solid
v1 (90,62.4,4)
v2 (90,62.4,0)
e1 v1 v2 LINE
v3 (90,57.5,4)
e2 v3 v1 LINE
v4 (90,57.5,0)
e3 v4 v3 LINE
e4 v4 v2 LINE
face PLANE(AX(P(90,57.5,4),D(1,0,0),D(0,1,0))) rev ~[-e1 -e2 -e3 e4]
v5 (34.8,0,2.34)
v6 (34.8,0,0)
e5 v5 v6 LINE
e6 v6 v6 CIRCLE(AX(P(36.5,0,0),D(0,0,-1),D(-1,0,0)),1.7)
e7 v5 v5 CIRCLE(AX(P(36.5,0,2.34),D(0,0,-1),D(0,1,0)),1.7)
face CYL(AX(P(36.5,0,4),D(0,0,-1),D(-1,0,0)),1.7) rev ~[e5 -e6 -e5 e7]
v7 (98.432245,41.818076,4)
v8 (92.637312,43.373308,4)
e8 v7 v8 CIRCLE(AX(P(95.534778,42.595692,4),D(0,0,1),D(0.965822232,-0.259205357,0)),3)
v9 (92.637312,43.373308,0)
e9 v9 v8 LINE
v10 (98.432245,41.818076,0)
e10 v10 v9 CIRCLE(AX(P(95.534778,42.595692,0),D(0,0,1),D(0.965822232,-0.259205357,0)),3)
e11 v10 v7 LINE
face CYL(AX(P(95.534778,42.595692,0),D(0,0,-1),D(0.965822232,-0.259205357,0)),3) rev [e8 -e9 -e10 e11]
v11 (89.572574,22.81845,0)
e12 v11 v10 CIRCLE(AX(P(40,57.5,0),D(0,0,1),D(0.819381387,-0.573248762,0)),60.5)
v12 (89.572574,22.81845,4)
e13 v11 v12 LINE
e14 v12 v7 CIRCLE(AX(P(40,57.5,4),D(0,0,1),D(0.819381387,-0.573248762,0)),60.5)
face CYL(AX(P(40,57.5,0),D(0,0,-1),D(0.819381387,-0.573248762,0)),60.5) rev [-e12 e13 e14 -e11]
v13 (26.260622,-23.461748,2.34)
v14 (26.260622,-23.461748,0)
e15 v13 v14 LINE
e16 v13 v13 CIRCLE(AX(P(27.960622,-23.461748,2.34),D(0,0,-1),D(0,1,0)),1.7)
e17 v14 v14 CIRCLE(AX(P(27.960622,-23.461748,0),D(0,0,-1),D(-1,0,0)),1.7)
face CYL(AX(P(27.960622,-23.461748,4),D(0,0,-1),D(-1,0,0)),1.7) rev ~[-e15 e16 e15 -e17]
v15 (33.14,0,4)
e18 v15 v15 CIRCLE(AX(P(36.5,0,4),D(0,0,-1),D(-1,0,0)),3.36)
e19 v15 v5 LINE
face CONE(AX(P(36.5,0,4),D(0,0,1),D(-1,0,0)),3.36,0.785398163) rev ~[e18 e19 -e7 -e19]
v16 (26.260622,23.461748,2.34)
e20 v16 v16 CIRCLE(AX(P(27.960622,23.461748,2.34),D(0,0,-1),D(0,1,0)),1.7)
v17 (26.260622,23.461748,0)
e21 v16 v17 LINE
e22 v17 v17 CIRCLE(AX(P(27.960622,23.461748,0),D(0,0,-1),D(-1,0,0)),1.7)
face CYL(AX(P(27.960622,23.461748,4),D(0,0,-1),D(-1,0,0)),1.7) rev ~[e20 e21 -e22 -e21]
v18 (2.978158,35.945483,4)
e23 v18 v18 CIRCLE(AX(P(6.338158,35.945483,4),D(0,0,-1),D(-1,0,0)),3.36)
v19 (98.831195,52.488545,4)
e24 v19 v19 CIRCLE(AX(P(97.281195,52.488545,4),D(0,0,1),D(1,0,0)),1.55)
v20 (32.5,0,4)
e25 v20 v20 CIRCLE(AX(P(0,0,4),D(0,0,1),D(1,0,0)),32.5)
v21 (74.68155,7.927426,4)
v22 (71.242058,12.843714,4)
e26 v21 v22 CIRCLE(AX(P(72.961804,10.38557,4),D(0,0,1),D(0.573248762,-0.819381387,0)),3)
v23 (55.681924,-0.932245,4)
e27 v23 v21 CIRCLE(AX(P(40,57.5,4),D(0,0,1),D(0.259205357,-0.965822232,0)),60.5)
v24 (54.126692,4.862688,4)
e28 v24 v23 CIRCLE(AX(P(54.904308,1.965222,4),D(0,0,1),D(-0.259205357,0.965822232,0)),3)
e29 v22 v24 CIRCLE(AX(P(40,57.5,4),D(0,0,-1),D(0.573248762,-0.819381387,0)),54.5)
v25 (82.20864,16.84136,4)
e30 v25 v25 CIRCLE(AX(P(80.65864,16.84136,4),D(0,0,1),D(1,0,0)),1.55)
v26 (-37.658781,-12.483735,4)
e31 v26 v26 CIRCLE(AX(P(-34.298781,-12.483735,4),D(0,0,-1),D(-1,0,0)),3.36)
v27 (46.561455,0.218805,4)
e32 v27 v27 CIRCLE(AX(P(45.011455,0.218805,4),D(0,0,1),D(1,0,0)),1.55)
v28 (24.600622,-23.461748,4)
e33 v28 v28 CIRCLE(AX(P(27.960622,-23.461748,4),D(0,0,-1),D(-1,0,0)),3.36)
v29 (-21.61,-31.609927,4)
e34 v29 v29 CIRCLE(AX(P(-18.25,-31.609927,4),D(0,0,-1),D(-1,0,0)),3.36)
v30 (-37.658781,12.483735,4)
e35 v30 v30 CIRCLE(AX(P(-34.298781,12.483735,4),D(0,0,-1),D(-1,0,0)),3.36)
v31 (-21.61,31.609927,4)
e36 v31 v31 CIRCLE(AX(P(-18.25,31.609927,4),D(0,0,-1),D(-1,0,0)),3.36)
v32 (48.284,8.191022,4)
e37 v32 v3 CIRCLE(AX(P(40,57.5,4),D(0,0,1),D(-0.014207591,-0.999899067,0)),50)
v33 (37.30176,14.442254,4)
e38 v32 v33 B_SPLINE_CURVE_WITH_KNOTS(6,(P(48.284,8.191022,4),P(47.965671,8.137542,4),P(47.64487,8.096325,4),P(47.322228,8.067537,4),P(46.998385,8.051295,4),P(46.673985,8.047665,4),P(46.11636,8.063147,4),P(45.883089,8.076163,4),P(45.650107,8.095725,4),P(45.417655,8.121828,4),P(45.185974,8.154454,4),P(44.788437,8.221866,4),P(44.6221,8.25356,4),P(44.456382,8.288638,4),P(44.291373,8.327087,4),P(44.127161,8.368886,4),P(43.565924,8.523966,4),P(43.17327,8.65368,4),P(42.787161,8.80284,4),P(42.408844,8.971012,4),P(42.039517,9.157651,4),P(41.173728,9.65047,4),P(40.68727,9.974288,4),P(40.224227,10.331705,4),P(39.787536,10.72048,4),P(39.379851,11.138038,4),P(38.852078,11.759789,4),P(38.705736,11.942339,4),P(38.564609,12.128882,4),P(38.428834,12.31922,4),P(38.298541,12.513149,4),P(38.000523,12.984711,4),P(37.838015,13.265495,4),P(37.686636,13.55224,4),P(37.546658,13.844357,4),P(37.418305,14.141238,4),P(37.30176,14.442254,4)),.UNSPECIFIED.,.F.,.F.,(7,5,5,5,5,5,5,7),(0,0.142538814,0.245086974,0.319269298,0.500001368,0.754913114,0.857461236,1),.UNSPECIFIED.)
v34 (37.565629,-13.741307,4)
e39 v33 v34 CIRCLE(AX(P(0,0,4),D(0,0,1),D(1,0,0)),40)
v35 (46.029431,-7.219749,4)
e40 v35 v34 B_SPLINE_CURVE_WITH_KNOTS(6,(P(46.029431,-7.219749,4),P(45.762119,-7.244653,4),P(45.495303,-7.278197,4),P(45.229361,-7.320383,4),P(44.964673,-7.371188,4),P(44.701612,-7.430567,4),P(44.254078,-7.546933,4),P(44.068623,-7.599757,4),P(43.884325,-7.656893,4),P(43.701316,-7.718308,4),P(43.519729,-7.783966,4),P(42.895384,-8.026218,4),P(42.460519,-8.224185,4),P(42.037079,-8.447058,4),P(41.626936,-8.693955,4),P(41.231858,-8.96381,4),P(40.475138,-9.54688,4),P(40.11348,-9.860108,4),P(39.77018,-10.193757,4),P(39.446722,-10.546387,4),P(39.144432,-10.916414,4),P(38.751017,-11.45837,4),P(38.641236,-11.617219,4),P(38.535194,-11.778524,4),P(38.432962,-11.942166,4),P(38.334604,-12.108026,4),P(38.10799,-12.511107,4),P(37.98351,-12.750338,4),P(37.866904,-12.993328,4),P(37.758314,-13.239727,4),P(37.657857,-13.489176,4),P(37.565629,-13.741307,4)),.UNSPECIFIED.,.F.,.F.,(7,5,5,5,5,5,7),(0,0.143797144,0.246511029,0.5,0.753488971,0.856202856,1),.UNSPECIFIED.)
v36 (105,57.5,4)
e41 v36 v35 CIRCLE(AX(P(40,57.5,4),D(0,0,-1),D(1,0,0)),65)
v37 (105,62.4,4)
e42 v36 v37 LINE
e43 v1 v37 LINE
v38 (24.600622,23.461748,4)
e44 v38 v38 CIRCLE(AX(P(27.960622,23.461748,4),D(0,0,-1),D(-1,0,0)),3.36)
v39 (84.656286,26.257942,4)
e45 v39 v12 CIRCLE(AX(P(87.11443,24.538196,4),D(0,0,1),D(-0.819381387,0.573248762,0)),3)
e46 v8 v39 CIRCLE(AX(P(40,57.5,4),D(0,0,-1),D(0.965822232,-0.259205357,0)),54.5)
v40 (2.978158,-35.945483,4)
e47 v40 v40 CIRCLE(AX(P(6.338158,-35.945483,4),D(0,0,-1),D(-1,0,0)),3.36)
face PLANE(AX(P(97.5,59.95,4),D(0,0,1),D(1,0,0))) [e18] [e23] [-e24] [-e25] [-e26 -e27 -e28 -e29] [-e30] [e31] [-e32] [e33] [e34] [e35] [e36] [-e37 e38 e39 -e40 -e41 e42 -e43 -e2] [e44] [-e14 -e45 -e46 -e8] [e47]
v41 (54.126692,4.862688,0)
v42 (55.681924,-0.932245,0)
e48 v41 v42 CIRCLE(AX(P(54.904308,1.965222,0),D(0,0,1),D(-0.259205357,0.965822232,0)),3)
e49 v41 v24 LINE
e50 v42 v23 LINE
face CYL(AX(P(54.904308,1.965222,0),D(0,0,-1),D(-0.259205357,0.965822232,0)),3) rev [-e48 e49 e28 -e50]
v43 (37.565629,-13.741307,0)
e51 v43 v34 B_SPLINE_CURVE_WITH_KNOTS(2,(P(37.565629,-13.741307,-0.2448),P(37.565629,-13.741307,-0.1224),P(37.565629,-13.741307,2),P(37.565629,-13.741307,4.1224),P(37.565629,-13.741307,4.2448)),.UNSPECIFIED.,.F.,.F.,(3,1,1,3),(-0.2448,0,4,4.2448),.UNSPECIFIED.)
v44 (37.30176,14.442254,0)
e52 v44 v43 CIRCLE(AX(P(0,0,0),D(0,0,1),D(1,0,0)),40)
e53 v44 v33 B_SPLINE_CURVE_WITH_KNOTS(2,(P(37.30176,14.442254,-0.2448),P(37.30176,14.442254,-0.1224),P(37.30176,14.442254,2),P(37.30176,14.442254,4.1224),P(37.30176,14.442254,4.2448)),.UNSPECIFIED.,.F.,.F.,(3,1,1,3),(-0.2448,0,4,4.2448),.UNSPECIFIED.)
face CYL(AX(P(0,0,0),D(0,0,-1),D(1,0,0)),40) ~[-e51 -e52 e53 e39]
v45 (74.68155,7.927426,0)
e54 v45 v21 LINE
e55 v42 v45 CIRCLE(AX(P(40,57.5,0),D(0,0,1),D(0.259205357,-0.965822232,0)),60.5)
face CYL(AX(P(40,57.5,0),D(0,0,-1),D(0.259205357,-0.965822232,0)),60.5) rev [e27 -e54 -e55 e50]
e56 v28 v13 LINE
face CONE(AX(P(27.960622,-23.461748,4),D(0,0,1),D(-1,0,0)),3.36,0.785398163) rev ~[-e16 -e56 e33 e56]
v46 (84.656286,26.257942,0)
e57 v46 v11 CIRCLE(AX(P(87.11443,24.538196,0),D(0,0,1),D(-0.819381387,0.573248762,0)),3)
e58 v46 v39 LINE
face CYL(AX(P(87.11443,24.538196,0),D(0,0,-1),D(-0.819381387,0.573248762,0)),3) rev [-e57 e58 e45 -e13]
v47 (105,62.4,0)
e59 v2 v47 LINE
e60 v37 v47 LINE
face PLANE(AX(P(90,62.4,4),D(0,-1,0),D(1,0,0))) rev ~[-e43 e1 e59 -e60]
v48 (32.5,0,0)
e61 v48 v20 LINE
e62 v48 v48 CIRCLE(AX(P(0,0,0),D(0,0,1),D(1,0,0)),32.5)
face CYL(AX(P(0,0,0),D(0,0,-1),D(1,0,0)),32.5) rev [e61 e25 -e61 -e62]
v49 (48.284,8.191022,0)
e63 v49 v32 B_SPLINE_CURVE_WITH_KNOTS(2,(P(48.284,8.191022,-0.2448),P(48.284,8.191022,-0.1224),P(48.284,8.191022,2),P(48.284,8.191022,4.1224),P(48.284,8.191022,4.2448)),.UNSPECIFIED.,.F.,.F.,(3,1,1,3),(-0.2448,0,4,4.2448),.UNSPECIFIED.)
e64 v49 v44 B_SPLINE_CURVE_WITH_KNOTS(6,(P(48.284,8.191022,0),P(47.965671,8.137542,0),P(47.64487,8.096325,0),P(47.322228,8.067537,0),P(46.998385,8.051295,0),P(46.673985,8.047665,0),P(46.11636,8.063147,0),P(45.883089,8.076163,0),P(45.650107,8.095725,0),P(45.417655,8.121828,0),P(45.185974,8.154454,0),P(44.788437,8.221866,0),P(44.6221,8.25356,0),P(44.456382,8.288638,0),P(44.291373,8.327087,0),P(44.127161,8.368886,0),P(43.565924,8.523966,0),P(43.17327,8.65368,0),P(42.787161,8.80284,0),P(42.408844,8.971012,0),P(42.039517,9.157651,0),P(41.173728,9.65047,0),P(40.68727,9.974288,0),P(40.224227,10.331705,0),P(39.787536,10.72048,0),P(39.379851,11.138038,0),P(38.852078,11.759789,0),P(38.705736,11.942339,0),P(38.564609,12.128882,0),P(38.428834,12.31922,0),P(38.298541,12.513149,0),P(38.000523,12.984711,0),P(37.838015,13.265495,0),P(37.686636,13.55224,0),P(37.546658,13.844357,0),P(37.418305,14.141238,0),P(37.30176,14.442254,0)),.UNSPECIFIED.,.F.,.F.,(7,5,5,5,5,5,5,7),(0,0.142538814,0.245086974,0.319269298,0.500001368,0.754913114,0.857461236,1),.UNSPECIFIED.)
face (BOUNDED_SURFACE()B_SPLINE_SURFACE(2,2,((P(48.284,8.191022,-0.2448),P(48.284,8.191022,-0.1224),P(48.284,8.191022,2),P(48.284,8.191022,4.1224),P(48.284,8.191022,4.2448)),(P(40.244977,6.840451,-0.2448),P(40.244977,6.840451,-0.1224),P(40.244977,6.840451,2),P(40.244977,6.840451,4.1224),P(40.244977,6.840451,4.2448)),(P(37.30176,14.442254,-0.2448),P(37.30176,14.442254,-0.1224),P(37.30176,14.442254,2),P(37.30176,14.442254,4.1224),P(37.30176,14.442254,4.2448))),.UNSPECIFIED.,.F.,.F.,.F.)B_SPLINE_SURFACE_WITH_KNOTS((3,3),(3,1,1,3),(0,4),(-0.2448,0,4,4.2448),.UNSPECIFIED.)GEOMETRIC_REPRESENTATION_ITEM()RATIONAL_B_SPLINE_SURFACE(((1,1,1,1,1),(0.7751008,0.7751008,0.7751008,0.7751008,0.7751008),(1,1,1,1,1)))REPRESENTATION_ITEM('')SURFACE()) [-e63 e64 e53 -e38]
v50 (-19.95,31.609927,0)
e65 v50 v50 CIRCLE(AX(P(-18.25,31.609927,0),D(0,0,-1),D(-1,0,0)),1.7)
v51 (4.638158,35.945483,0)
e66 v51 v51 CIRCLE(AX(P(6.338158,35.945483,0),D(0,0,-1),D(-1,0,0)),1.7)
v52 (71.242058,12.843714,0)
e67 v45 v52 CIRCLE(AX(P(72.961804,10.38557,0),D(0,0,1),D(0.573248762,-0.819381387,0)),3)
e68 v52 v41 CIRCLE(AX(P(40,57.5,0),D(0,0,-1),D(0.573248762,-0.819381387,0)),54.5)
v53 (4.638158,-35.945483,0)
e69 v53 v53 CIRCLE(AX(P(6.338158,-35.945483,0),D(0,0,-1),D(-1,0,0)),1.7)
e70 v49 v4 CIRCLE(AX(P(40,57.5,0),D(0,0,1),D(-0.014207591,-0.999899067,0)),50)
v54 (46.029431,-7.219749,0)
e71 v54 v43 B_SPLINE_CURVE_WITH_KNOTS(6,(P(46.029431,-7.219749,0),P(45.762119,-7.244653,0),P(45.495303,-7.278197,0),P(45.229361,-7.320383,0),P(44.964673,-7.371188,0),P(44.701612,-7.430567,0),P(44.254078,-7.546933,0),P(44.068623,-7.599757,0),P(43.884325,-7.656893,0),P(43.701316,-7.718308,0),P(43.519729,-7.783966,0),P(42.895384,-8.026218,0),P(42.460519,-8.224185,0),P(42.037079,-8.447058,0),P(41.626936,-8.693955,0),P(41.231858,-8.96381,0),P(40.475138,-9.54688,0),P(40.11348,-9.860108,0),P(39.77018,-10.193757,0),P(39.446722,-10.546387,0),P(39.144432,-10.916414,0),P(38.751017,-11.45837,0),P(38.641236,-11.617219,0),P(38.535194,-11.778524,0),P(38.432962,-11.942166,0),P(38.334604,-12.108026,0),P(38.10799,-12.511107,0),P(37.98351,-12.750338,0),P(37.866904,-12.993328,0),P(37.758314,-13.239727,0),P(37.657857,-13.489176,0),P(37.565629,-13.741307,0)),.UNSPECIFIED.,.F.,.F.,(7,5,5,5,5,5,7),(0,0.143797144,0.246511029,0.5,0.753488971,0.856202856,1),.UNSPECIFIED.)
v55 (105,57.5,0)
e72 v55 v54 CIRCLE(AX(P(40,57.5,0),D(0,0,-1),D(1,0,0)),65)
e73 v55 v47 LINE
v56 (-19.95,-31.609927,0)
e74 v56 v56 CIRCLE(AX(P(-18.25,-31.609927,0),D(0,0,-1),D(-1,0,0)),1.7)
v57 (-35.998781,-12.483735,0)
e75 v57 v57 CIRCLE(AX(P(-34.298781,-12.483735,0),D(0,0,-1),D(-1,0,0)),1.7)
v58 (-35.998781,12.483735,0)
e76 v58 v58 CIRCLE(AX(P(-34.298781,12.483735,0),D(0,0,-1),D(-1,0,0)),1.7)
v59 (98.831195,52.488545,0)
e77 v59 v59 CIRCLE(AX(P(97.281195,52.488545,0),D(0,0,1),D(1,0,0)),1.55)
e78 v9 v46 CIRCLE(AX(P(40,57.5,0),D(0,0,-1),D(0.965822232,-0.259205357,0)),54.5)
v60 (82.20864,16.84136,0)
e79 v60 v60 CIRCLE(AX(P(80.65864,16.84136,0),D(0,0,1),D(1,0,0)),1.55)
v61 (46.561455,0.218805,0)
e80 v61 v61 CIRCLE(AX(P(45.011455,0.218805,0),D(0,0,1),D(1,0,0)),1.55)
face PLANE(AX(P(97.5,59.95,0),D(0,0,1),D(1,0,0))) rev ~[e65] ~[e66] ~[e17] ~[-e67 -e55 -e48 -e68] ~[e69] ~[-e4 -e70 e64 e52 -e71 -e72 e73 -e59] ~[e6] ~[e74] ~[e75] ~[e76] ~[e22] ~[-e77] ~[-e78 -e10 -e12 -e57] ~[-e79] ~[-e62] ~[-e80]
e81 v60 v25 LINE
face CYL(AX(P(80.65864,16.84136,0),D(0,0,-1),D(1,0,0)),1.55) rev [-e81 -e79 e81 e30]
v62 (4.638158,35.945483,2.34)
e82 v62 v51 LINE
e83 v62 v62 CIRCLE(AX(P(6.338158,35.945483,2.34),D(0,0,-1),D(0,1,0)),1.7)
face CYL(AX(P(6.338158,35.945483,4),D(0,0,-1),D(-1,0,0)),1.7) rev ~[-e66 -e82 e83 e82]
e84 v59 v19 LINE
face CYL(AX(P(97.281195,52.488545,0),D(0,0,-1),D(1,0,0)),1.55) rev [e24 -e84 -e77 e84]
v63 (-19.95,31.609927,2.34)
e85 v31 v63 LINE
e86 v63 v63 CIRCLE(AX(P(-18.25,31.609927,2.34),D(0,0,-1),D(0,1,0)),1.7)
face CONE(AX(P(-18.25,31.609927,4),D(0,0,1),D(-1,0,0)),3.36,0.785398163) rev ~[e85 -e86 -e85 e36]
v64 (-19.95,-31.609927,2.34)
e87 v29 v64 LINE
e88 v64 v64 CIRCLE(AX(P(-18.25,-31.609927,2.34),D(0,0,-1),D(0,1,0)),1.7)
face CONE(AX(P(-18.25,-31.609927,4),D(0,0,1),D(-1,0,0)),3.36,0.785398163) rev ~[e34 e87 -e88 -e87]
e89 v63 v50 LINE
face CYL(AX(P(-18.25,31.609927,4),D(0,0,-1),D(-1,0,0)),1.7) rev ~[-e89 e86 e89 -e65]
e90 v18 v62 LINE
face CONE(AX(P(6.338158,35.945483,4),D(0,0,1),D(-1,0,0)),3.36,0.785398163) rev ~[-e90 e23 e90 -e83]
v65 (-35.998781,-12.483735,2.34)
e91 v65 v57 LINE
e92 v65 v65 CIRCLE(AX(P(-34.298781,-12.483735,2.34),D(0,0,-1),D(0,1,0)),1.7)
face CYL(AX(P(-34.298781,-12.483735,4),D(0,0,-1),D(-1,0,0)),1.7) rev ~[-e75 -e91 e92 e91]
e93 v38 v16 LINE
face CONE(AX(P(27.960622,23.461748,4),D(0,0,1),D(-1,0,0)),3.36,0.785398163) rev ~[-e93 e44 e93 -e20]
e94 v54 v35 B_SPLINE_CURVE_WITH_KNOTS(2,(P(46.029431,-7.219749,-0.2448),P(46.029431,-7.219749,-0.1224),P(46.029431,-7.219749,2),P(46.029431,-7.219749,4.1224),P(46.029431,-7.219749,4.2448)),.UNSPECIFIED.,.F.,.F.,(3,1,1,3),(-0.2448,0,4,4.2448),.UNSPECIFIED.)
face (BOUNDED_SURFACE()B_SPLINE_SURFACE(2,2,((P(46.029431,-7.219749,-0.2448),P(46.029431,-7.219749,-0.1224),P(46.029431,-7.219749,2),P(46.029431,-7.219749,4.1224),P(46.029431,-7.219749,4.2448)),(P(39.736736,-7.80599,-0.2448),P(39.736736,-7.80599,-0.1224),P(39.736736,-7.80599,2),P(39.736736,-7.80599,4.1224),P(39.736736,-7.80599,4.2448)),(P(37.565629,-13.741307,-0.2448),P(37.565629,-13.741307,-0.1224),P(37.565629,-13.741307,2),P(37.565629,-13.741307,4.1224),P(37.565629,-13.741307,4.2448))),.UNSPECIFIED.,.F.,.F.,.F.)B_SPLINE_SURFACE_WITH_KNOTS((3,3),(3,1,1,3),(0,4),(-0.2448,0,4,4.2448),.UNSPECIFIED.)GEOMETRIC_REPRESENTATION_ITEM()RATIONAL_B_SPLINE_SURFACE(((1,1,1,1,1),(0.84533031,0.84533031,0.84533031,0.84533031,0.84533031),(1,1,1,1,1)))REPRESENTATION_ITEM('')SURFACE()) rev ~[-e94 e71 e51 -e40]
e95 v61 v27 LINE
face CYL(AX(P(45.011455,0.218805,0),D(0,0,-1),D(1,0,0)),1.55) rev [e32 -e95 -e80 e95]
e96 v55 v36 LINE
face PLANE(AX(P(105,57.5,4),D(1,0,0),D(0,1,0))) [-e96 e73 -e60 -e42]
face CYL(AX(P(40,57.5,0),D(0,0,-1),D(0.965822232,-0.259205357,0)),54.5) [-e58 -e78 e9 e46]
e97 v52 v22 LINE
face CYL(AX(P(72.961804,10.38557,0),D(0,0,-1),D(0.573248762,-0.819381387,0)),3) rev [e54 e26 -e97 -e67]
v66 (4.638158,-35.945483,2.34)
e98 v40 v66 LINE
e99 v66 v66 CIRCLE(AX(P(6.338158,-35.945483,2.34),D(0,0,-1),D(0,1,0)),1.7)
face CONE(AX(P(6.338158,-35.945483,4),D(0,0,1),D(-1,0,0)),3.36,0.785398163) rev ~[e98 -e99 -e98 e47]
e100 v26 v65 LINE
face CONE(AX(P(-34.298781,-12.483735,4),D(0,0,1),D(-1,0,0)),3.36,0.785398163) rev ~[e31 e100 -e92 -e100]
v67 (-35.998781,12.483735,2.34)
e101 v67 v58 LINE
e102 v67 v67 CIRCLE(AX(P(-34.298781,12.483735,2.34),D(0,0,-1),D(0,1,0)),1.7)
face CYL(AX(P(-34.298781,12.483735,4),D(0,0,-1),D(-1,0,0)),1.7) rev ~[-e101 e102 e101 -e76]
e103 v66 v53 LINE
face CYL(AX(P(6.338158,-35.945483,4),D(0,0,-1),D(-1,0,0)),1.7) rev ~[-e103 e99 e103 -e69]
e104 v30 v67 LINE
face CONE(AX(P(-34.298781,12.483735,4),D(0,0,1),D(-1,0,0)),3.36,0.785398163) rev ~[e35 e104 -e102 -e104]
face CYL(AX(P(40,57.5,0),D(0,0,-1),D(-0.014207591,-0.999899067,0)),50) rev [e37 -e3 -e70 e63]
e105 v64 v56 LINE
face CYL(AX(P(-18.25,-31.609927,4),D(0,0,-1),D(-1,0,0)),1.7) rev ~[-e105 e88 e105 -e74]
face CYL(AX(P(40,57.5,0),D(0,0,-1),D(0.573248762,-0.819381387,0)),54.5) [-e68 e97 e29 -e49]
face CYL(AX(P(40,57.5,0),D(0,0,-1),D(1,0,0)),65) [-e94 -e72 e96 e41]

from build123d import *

# Parameters (mm, degrees)
SKETCH_1_R                   = 40
SKETCH_1_R_2                 = 32.5
EXTRUDE_1_DEPTH              = 4
HOLE_WIZARD_M3_1_D           = 3.4
HOLE_WIZARD_M3_1_CSINK_D     = 6.72
HOLE_WIZARD_M3_1_CSINK_ANGLE = 90
EXTRUDE_START                = -4
SKETCH_4_R                   = 1.55
EXTRUDE_2_DEPTH              = 4
FILLET_1_R                   = 10
SKETCH_5_W                   = 15
SKETCH_5_H                   = 4.9
EXTRUDE_3_DEPTH              = 4


with BuildPart() as part:
    # 草图1 → 凸台-拉伸1 (new body)
    with BuildSketch(Plane.XY):
        Circle(SKETCH_1_R)
        Circle(SKETCH_1_R_2, mode=Mode.SUBTRACT)
    extrude(amount=EXTRUDE_1_DEPTH)

    # M3 六角凹锥坑螺钉的锥形沉头孔1 (through all)
    with Locations(Plane.XY.offset(4)):
        with Locations((27.960622174, 23.461747754), (36.5, 0), (27.960622174, -23.461747754), (6.338158485, -35.945482985), (-18.25, -31.609927238), (-34.298780659, -12.483735231), (-34.298780659, 12.483735231), (-18.25, 31.609927238), (6.338158485, 35.945482985)):
            CounterSinkHole(HOLE_WIZARD_M3_1_D / 2, HOLE_WIZARD_M3_1_CSINK_D / 2, counter_sink_angle=HOLE_WIZARD_M3_1_CSINK_ANGLE)

    # 草图4 → 凸台-拉伸2 (add)
    with BuildSketch(Plane.XY.offset(4).offset(EXTRUDE_START)):
        with BuildLine():
            Line((90, 57.5), (105, 57.5))
            ThreePointArc((105, 57.5), (85.710698364, 11.288182733), (39.291321381, -7.496136613))
            ThreePointArc((39.291321381, -7.496136613), (39.999999743, 0.004535468), (39.289620447, 7.505046646))
            ThreePointArc((39.289620447, 7.505046646), (75.103283481, 21.894389644), (90, 57.5))
        make_face()
        with Locations((45.011455208, 0.21880486)):
            Circle(SKETCH_4_R, mode=Mode.SUBTRACT)
        with Locations((80.658639918, 16.841360082)):
            Circle(SKETCH_4_R, mode=Mode.SUBTRACT)
        with Locations((97.28119514, 52.488544792)):
            Circle(SKETCH_4_R, mode=Mode.SUBTRACT)
        with BuildLine():
            ThreePointArc((55.681924073, -0.932245014), (65.568404835, 2.668378884), (74.681550102, 7.927426106))
            ThreePointArc((74.681550102, 7.927426106), (75.419947976, 12.105316552), (71.24205753, 12.843714426))
            ThreePointArc((71.24205753, 12.843714426), (63.032695265, 8.106225607), (54.126691933, 4.862688376))
            ThreePointArc((54.126691933, 4.862688376), (52.006841308, 1.187605611), (55.681924073, -0.932245014))
        make_face(mode=Mode.SUBTRACT)
        with BuildLine():
            ThreePointArc((89.572573894, 22.818449898), (94.831621116, 31.931595165), (98.432245014, 41.818075927))
            ThreePointArc((98.432245014, 41.818075927), (96.312394389, 45.493158692), (92.637311624, 43.373308067))
            ThreePointArc((92.637311624, 43.373308067), (89.393774393, 34.467304735), (84.656285574, 26.25794247))
            ThreePointArc((84.656285574, 26.25794247), (85.394683448, 22.080052024), (89.572573894, 22.818449898))
        make_face(mode=Mode.SUBTRACT)
    extrude(amount=EXTRUDE_2_DEPTH)

    # 圆角1
    fillet_1_edges = [part.edges().sort_by_distance(p)[0] for p in [
        (39.289620447, 7.505046646, 2),
        (39.291321381, -7.496136613, 2),
    ]]
    fillet(fillet_1_edges, radius=FILLET_1_R)

    # 草图5 → 凸台-拉伸3 (add)
    with BuildSketch(Plane.XY.offset(4)):
        with Locations((97.5, 59.95)):
            Rectangle(SKETCH_5_W, SKETCH_5_H)
    extrude(amount=-EXTRUDE_3_DEPTH)


solid = part.part
